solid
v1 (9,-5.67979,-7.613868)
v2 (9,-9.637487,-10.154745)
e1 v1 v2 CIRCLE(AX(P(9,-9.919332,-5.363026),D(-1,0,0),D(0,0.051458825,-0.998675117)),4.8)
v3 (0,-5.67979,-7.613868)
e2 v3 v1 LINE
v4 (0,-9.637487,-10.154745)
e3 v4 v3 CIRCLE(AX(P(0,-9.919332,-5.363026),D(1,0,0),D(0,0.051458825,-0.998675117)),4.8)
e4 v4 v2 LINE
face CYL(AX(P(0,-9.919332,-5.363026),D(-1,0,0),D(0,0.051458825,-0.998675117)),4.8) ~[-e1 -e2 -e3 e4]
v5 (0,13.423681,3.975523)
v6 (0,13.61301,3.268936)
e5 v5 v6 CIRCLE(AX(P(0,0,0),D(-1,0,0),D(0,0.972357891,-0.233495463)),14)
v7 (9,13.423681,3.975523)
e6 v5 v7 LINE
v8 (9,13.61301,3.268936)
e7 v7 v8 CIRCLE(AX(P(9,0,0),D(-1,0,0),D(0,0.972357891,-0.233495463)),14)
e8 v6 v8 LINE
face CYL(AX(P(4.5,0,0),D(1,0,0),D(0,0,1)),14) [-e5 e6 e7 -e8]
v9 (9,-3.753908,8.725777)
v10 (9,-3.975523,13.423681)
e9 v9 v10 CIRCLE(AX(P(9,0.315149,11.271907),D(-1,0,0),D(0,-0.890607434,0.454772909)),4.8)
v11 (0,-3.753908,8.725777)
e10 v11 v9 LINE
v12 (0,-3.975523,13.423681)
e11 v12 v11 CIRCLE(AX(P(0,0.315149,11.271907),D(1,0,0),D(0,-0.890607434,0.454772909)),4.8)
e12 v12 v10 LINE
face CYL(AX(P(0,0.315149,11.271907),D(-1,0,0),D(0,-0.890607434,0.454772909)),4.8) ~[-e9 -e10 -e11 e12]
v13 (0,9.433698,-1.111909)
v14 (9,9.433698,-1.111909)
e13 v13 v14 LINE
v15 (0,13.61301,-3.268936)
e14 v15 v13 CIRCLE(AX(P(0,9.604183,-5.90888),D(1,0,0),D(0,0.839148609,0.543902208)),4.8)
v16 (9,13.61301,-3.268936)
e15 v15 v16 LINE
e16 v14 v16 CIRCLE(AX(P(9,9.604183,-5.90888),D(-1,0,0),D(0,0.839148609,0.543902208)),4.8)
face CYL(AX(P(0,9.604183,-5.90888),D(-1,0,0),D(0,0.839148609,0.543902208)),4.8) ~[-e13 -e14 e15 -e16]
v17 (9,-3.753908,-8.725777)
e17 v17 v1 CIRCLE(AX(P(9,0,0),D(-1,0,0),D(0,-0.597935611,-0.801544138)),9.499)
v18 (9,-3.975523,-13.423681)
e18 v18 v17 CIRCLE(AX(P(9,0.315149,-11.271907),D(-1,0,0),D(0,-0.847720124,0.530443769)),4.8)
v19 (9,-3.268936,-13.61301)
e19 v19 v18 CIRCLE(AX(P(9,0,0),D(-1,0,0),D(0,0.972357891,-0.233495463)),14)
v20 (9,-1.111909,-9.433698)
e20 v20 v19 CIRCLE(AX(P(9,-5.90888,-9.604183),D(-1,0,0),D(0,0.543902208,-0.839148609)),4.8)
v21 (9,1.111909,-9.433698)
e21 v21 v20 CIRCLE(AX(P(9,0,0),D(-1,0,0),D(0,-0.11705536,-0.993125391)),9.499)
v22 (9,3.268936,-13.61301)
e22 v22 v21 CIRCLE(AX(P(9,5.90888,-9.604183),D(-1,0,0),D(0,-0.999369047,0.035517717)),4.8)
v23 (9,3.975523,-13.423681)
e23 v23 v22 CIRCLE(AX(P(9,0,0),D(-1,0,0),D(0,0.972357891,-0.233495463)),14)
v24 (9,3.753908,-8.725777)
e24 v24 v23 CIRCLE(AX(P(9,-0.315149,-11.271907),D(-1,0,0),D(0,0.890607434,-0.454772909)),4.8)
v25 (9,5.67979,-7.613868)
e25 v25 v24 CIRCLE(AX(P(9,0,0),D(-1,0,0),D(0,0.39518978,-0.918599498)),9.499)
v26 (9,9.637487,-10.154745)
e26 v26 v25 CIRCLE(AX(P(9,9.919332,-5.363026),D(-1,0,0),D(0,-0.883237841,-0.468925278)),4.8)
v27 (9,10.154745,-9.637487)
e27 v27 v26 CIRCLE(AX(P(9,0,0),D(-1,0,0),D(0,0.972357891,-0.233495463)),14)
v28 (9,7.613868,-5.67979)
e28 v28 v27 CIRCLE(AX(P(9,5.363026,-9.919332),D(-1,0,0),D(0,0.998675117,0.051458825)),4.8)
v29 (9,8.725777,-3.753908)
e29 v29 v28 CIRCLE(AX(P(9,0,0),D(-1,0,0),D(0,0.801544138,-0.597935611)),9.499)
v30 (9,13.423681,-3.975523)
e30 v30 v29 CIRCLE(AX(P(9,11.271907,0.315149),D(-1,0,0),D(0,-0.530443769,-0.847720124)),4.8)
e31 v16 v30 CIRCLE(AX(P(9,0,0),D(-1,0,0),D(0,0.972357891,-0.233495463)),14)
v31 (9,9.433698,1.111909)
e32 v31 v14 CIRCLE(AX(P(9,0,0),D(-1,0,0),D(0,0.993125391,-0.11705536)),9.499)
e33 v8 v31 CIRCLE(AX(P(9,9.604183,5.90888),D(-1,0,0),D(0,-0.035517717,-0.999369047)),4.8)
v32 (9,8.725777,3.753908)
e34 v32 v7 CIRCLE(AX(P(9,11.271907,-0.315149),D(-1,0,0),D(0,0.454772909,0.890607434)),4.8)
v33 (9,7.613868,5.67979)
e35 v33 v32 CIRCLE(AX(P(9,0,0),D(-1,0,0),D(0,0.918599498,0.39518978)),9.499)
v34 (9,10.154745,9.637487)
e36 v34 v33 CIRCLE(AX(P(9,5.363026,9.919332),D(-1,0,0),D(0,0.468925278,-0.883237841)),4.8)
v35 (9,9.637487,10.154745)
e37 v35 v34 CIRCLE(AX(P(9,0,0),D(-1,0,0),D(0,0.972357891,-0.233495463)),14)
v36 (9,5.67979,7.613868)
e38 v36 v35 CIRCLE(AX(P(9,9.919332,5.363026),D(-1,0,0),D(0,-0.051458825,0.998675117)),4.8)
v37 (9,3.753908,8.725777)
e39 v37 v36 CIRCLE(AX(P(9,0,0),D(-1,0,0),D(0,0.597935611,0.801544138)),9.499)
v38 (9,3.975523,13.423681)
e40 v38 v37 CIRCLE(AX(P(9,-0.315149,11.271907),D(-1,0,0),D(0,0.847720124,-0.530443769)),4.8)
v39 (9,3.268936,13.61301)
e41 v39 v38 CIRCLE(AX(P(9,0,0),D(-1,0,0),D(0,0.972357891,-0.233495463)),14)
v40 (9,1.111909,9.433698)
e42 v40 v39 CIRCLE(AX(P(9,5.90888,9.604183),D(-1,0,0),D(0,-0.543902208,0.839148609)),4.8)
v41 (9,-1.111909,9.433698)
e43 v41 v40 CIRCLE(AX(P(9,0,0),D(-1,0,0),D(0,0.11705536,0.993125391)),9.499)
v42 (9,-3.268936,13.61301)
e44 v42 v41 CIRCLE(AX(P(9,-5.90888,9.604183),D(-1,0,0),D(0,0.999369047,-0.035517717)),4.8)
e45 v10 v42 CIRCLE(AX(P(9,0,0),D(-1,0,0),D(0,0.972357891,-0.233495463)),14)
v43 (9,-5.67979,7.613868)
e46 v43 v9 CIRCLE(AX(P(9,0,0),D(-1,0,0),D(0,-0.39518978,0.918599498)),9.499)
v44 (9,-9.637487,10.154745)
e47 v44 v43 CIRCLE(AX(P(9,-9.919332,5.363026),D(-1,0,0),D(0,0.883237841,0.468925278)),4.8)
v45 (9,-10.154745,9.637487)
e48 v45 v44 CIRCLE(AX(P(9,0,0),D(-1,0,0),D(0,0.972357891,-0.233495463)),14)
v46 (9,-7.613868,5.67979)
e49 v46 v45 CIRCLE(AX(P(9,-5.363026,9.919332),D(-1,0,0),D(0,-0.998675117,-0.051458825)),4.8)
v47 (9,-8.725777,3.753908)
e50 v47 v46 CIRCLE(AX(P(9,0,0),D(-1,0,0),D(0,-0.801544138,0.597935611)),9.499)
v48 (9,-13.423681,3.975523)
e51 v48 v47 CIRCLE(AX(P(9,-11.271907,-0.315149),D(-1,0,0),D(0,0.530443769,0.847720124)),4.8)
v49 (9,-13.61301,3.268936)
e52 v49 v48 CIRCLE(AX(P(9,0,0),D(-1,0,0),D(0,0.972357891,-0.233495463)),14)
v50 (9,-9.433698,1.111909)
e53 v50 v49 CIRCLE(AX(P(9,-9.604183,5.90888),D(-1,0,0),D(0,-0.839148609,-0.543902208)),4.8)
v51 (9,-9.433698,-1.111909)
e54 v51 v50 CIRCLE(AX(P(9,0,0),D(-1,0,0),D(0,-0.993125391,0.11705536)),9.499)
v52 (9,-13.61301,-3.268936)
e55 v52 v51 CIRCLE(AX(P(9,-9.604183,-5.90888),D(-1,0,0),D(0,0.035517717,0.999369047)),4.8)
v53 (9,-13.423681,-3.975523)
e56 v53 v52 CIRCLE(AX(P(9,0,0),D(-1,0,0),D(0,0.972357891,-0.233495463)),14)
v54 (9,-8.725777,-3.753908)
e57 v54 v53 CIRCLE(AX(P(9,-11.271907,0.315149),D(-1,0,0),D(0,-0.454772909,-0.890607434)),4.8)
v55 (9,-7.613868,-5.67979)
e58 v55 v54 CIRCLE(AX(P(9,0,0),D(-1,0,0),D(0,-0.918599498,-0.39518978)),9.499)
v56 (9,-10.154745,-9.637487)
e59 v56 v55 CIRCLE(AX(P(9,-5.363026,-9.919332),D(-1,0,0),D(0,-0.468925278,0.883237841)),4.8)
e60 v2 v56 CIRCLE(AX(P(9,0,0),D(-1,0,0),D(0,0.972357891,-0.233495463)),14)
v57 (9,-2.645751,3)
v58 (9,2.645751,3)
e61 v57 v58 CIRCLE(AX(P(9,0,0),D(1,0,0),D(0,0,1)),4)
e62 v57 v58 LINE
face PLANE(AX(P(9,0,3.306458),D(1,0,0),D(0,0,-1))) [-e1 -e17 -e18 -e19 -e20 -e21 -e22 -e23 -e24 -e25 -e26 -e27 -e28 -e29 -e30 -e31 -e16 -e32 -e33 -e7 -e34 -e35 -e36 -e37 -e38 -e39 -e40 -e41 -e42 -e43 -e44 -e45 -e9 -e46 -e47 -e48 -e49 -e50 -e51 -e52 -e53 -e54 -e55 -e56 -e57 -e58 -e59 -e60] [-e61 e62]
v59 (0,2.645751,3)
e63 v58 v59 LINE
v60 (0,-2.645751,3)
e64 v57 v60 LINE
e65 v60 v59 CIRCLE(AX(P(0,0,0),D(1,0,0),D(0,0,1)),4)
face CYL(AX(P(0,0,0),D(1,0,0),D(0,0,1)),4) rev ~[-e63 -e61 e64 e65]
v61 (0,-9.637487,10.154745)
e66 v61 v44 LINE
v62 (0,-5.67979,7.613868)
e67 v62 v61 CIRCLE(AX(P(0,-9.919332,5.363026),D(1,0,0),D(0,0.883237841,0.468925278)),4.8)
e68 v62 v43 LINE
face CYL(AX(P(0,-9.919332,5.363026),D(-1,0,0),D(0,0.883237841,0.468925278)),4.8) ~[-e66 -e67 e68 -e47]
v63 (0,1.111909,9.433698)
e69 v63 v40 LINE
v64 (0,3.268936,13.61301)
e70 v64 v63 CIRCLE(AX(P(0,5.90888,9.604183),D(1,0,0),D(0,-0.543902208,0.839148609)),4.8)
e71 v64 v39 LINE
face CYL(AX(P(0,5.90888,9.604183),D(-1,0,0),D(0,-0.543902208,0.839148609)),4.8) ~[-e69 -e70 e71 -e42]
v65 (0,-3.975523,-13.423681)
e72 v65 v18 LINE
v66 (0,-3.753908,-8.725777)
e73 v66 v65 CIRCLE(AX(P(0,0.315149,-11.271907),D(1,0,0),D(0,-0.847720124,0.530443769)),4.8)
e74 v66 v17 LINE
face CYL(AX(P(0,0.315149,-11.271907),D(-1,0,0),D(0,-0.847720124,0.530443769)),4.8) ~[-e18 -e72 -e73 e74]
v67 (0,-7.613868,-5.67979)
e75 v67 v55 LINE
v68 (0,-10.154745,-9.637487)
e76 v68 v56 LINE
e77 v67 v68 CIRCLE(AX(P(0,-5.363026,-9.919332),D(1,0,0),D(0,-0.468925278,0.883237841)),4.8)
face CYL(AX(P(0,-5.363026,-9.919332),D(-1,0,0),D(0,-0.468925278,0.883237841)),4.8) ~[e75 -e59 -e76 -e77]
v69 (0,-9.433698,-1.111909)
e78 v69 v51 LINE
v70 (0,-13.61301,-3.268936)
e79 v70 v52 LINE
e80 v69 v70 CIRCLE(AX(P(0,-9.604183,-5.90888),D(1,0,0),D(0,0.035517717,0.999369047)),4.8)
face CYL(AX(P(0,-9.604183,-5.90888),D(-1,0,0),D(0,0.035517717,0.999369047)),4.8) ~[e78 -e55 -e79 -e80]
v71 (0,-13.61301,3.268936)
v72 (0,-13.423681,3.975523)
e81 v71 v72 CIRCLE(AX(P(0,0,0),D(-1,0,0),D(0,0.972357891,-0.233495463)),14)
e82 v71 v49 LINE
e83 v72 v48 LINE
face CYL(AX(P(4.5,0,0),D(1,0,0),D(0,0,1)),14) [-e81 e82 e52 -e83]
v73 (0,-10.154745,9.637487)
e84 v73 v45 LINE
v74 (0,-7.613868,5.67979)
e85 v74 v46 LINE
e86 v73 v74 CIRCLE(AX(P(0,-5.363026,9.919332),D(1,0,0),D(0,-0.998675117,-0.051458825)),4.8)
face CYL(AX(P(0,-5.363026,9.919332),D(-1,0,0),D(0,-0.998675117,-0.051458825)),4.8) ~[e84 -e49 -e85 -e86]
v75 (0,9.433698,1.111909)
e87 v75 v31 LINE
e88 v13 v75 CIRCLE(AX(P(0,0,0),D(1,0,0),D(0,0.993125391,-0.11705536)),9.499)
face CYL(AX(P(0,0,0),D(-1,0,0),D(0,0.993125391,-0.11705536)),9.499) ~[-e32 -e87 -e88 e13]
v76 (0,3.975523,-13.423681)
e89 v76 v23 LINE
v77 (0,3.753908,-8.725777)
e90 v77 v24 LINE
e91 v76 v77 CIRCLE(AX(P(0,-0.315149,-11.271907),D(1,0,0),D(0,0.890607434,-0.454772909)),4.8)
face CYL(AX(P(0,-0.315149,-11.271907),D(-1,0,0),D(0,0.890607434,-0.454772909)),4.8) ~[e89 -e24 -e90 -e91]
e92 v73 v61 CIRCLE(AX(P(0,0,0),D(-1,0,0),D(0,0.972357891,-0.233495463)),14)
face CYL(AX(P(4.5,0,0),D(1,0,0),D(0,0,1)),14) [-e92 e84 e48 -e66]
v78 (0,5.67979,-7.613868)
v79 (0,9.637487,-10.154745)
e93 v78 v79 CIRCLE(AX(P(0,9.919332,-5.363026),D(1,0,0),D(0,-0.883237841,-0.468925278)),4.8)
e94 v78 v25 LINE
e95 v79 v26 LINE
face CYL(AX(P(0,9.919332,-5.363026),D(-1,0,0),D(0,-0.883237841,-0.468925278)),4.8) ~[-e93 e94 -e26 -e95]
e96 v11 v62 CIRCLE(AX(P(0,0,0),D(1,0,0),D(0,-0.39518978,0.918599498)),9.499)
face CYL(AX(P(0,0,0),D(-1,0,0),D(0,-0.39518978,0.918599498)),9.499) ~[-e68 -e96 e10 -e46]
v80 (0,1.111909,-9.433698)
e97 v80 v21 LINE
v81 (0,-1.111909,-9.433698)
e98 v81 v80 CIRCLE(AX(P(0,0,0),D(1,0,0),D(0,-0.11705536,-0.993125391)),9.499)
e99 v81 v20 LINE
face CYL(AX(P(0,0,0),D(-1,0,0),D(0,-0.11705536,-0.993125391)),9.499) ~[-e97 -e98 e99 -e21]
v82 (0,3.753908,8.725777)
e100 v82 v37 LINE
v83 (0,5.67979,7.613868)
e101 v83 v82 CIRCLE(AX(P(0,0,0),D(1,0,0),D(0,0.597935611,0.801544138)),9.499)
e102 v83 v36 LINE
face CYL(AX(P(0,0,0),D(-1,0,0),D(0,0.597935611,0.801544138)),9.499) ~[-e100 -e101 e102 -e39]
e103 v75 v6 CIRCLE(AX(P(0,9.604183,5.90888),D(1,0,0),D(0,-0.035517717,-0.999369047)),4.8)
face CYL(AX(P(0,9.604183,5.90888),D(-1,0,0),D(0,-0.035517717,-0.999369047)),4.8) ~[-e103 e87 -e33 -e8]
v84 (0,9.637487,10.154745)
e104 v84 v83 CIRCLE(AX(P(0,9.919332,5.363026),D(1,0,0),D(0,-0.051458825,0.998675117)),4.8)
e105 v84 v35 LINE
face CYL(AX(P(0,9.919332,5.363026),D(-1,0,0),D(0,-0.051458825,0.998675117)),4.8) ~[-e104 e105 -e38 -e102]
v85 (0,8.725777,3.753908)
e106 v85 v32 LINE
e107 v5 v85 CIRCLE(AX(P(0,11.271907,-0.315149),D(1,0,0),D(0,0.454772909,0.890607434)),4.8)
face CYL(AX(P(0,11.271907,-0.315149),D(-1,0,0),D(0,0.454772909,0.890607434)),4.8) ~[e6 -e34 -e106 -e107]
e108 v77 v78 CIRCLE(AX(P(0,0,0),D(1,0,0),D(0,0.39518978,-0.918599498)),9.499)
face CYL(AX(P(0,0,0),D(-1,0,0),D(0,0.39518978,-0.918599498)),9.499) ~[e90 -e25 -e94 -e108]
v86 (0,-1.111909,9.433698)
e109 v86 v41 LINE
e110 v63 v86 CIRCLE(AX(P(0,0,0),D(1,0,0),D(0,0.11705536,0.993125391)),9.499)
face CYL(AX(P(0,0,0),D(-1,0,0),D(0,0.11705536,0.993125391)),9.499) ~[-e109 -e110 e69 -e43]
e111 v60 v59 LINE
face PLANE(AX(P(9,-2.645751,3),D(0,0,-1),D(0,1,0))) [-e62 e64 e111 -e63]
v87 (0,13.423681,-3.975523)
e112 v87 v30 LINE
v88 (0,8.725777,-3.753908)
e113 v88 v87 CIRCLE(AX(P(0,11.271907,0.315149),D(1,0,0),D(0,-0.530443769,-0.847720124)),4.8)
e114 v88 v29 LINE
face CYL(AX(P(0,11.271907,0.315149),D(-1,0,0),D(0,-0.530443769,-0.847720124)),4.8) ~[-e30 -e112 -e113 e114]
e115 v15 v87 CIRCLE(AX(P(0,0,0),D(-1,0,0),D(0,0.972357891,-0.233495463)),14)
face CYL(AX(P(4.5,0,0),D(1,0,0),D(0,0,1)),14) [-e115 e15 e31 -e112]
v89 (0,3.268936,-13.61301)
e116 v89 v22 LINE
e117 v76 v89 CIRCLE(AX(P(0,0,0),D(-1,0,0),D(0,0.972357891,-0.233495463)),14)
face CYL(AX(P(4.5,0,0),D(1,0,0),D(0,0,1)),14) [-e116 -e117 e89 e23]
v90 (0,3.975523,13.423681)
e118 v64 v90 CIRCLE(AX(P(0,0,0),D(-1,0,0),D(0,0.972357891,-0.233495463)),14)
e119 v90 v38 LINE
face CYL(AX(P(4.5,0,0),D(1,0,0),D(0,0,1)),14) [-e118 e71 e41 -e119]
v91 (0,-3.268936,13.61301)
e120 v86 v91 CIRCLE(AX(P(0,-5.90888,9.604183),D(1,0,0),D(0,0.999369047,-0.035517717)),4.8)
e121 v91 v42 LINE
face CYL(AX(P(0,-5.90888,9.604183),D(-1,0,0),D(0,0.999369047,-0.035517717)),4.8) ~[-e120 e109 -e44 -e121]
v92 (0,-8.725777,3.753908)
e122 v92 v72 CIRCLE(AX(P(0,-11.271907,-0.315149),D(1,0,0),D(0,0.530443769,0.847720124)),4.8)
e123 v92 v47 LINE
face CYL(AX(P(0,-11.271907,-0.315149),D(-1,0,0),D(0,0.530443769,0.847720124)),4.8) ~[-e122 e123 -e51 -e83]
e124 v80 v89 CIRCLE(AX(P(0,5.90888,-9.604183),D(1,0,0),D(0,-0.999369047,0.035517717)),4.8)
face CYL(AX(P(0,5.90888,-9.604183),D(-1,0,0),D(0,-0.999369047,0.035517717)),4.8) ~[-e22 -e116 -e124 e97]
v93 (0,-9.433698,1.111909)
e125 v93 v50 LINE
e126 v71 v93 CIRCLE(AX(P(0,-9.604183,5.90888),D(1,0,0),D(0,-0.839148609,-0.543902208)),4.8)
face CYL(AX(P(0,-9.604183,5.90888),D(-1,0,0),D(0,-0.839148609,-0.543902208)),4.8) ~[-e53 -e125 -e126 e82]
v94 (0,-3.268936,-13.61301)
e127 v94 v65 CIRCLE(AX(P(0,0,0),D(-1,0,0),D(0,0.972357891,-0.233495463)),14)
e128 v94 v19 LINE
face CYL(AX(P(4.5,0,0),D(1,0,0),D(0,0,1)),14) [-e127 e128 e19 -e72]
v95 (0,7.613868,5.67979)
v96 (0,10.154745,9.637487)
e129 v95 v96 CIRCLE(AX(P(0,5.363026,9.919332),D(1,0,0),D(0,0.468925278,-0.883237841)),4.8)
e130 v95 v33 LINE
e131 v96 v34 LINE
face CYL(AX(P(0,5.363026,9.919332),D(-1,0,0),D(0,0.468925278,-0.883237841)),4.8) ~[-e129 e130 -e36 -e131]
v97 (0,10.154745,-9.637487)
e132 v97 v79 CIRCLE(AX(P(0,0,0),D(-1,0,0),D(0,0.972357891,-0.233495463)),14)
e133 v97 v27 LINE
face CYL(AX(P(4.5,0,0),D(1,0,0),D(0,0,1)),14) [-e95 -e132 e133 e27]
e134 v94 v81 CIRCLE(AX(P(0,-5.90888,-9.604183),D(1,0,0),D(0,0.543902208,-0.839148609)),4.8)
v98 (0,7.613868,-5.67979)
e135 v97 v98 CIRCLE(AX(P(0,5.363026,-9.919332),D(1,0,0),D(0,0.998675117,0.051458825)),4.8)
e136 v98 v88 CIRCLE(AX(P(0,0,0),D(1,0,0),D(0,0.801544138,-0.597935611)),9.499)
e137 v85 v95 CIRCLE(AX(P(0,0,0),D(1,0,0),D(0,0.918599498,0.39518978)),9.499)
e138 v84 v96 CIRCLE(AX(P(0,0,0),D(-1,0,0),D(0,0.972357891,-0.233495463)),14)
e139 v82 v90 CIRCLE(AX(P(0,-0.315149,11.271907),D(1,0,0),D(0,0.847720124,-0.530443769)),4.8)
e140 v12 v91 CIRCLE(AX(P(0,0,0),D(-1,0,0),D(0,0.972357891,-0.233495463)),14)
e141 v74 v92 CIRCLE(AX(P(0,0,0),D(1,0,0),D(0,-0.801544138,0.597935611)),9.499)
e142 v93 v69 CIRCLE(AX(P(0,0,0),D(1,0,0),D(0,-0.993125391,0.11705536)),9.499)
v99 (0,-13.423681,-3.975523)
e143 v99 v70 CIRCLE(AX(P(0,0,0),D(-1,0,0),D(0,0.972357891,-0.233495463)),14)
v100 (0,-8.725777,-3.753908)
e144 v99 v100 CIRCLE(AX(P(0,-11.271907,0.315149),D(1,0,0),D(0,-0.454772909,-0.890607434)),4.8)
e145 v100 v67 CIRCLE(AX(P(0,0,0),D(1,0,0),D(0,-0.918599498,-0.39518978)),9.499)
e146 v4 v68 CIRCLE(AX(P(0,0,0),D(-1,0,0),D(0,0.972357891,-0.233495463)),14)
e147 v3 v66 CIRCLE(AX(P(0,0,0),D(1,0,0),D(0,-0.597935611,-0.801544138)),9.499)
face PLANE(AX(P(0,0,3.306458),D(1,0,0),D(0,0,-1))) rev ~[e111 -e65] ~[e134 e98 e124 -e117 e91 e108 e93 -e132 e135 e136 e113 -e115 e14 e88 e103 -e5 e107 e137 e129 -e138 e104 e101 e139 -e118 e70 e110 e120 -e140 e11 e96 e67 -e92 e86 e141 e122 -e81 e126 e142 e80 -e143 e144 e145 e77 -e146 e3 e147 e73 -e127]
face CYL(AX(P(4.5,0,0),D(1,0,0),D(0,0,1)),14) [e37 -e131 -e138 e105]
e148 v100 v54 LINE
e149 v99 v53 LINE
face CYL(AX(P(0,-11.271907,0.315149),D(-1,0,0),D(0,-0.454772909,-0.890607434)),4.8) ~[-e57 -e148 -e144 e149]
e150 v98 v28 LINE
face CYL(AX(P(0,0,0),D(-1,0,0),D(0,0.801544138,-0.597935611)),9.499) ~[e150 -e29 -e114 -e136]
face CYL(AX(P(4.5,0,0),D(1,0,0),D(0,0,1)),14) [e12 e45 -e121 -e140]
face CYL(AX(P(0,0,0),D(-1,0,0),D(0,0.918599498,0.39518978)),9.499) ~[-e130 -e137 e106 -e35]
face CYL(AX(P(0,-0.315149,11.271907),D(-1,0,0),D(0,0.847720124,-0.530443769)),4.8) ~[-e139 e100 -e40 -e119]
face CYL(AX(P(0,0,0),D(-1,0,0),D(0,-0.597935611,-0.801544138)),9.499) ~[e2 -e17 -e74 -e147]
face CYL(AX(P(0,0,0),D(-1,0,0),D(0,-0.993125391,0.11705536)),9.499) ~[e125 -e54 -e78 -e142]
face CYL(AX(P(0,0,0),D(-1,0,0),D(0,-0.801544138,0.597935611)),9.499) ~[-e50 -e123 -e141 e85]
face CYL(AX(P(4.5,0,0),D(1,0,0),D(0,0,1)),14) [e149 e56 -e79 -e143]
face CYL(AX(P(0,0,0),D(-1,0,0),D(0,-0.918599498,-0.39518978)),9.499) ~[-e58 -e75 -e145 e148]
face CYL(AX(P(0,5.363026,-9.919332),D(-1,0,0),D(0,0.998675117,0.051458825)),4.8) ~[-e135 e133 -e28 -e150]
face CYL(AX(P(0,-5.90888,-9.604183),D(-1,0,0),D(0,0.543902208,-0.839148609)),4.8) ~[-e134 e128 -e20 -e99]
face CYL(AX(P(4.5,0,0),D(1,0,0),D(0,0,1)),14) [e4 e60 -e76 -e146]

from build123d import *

# Parameters (mm, degrees)
BASPROSKE_W                 = 9
BASPROSKE_H                 = 14
TOOTHCUT_DEPTH              = 22.748563171
TEETHCUTS_COUNT             = 12
TEETHCUTS_ANGLE             = 330
BORSKE_R                    = 4
BORE_DEPTH                  = 50.0000508
DODANIE_WYCI_GNI_CIE1_START = 9
DODANIE_WYCI_GNI_CIE1_DEPTH = 9


with BuildPart() as part:
    # BasProSke → Base-Revolve (revolve)
    with BuildSketch(Plane(origin=(0, 0, 0), x_dir=(1, 0, 0), z_dir=(0, 1, 0)), mode=Mode.PRIVATE) as base_revolve_sk:
        with Locations((4.5, 7)):
            Rectangle(BASPROSKE_W, BASPROSKE_H)
    revolve(base_revolve_sk.sketch.rotate(Axis((-10, 0, 0), (1, 0, 0)), 180), axis=Axis((-10, 0, 0), (1, 0, 0)))

    # TooCutSke → ToothCut (cut, through all)
    with BuildSketch(Plane(origin=(0, 0, 0), x_dir=(0, 0, -1), z_dir=(1, 0, 0))):
        with BuildLine():
            ThreePointArc((1.111908866, 9.433698091), (0, 9.499), (-1.111908866, 9.433698091))
            ThreePointArc((-1.111908866, 9.433698091), (-1.651516138, 11.821129337), (-3.298149691, 13.632096456))
            ThreePointArc((-3.298149691, 13.632096456), (0, 14.0254), (3.298149691, 13.632096456))
            ThreePointArc((3.298149691, 13.632096456), (1.651516138, 11.821129337), (1.111908866, 9.433698091))
        make_face()
    toothcut = extrude(amount=TOOTHCUT_DEPTH, mode=Mode.SUBTRACT)

    # TeethCuts: ToothCut ×12 about axis
    teethcuts_axis = Axis((-10, 0, 0), (1, 0, 0))
    for i in range(1, TEETHCUTS_COUNT):
        add(toothcut.rotate(teethcuts_axis, i * TEETHCUTS_ANGLE / (TEETHCUTS_COUNT - 1)), mode=Mode.SUBTRACT)

    # BorSke → Bore (cut, symmetric)
    with BuildSketch(Plane(origin=(0, 0, 0), x_dir=(0, 0, -1), z_dir=(1, 0, 0))):
        with Locations(Location((0, 0, 0), (0, 0, 180))):
            Circle(BORSKE_R)
    extrude(amount=BORE_DEPTH, both=True, mode=Mode.SUBTRACT)

    # Szkic1 → Dodanie-wyciągnięcie1 (add)
    with BuildSketch(Plane(origin=(0, 0, 0), x_dir=(0, 0, -1), z_dir=(1, 0, 0)).offset(DODANIE_WYCI_GNI_CIE1_START)):
        with BuildLine():
            ThreePointArc((-3, 2.645751311), (-4, 0), (-3, -2.645751311))
            Line((-3, -2.645751311), (-3, 2.645751311))
        make_face()
    extrude(amount=-DODANIE_WYCI_GNI_CIE1_DEPTH)


solid = part.part
